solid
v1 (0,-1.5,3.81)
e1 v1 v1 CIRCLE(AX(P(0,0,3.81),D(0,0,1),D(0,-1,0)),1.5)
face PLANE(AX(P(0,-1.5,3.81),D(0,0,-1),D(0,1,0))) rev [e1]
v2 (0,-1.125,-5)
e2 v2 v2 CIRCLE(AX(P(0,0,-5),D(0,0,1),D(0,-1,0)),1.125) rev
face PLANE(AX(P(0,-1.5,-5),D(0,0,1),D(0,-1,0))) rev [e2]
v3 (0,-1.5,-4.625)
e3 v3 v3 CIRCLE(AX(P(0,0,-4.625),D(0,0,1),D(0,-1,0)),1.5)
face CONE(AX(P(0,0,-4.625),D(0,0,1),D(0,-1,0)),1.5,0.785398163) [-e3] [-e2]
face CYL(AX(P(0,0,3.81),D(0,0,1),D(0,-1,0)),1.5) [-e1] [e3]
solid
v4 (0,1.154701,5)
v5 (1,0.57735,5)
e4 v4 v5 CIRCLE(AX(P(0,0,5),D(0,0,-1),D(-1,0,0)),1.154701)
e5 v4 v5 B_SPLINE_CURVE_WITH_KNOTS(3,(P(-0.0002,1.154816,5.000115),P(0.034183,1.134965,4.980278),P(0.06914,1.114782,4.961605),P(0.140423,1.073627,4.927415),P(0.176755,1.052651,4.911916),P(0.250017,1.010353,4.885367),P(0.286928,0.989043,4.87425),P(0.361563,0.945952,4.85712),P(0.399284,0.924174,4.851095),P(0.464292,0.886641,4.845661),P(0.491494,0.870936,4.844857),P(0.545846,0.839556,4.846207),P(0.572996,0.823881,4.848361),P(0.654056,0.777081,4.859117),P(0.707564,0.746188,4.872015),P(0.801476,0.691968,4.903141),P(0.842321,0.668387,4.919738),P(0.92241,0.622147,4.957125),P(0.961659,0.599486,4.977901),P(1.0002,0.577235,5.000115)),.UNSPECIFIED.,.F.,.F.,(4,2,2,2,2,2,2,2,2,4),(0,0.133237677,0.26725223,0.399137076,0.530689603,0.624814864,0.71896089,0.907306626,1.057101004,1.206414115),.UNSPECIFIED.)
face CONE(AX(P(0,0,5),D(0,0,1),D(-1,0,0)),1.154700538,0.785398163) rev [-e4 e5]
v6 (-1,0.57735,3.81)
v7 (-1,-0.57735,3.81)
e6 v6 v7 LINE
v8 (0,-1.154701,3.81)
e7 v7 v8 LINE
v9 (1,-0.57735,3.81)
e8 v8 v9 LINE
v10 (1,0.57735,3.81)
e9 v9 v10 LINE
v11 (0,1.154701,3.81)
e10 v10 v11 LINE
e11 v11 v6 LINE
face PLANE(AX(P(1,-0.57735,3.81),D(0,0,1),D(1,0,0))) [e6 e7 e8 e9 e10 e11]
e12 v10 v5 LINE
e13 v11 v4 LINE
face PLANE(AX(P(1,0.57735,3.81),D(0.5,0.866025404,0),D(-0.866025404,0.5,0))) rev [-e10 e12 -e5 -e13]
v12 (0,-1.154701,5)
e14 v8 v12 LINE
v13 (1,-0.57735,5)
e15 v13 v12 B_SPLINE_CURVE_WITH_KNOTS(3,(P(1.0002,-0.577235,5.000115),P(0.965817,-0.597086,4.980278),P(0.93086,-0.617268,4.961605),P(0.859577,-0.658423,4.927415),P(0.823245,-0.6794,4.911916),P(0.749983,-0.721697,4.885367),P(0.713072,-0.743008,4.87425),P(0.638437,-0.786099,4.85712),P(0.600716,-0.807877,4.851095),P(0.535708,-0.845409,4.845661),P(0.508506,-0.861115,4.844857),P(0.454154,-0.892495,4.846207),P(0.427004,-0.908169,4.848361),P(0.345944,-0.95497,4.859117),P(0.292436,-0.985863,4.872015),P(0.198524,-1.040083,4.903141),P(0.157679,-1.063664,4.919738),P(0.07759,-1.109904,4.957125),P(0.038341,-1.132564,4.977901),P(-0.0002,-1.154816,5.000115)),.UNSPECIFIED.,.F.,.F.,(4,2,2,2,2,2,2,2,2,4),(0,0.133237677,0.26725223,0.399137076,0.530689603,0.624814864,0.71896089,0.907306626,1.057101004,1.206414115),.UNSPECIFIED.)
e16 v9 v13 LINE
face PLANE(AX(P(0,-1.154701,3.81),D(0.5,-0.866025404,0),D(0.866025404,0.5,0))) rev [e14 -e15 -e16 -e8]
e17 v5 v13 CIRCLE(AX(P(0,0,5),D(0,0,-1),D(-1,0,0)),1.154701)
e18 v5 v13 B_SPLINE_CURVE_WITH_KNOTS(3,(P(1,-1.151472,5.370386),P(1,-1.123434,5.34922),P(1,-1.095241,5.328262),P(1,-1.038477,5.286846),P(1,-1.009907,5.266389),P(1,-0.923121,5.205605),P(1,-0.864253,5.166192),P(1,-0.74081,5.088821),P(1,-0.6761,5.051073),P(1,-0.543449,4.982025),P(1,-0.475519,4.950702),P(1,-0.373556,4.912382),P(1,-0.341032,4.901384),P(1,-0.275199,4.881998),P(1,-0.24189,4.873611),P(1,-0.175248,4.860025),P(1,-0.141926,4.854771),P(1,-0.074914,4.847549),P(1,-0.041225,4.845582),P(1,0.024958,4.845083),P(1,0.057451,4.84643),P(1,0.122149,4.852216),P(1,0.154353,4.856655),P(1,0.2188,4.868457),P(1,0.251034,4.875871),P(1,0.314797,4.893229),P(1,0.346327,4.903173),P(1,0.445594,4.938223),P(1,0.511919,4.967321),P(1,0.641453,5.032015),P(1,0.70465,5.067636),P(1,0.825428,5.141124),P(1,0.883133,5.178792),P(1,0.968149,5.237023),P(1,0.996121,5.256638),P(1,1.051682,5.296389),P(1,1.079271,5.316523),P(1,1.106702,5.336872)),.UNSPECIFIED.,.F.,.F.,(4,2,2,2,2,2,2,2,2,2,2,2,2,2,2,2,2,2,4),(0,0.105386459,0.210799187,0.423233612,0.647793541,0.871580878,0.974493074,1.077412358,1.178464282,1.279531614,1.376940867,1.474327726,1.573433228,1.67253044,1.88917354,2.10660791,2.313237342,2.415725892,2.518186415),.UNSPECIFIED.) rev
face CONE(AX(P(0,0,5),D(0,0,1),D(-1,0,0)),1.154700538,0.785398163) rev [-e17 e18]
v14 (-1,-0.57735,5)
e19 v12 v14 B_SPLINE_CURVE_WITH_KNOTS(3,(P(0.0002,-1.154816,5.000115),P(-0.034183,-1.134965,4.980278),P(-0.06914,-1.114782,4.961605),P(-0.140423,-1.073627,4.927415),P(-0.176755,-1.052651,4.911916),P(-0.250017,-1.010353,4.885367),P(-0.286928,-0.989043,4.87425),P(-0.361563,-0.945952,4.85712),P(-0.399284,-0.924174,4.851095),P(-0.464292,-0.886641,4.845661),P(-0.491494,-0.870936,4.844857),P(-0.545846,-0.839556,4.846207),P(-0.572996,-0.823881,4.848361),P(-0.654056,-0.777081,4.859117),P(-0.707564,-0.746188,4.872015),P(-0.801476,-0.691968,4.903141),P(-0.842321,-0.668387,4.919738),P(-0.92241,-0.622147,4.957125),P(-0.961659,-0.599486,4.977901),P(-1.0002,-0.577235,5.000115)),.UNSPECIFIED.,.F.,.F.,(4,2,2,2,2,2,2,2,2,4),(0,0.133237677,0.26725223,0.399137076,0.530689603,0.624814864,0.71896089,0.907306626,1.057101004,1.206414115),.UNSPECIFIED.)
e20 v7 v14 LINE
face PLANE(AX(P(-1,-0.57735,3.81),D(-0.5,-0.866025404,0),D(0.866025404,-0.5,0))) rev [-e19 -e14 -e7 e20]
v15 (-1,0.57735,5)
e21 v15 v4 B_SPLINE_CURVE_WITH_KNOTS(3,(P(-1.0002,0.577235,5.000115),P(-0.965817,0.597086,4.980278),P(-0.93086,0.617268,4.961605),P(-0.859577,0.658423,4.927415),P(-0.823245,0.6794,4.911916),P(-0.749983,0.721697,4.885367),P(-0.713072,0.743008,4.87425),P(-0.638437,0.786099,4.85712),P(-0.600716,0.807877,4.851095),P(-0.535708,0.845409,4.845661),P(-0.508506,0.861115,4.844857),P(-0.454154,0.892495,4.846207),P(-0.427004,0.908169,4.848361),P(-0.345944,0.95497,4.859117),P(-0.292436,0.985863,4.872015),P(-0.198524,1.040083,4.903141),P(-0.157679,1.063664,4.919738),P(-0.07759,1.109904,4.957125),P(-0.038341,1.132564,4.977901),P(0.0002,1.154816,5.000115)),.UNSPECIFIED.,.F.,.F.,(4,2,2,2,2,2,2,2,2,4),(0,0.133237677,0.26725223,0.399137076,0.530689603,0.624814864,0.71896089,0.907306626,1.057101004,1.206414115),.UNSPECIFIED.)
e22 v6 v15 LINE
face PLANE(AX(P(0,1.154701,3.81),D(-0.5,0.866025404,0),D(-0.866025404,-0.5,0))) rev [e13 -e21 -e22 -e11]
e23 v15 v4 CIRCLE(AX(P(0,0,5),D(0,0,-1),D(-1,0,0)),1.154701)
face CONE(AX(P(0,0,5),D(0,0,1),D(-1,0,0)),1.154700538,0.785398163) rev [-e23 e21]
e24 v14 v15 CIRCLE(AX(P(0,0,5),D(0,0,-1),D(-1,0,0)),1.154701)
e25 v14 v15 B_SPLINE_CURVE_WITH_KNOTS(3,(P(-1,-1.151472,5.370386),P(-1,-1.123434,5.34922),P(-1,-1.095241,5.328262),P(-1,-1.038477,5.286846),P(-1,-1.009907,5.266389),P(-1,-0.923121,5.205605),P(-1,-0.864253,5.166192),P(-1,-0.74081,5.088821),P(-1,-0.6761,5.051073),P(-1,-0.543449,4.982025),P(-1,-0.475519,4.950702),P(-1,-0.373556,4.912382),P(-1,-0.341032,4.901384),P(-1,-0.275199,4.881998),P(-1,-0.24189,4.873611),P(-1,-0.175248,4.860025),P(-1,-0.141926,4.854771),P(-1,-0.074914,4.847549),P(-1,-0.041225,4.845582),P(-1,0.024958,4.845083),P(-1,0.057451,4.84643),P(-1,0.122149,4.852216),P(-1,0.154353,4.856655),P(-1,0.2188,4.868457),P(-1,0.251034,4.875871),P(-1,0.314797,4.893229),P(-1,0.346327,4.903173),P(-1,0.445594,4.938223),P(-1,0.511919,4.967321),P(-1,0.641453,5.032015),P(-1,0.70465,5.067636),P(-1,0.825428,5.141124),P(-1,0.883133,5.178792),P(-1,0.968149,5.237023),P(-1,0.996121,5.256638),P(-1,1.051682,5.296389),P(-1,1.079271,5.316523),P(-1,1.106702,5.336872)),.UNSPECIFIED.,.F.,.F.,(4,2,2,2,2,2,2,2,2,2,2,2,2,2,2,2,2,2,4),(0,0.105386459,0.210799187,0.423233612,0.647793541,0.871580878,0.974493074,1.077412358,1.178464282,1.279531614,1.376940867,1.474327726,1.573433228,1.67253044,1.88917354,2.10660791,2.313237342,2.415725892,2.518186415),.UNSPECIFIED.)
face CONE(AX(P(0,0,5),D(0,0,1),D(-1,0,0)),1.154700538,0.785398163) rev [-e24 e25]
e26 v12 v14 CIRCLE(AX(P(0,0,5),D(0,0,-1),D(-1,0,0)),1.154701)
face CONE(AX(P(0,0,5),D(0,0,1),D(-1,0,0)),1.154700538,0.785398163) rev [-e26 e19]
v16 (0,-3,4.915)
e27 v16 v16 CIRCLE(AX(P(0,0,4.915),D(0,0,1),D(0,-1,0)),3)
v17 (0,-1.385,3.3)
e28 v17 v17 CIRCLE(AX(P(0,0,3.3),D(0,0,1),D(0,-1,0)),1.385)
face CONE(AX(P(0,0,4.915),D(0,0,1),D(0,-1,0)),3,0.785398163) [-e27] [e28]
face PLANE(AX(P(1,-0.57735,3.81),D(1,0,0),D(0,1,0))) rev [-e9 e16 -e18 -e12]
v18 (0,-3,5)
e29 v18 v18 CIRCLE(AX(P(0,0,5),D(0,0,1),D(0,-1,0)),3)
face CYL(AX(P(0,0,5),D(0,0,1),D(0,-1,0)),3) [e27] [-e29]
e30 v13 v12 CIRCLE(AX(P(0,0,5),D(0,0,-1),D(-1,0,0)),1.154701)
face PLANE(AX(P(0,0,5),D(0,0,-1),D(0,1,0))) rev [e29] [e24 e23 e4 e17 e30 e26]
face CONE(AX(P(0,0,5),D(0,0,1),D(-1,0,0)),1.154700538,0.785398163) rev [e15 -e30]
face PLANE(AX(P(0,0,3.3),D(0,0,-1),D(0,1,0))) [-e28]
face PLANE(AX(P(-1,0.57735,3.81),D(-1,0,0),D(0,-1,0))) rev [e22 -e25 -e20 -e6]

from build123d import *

# Parameters (mm, degrees)
CHAMFER1_SIZE      = 0.375
CUT_EXTRUDE2_DEPTH = 1.19


with BuildPart() as part:
    # Sketch1 → Revolve1 (revolve)
    with BuildSketch(Plane(origin=(0, 0, 0), x_dir=(0, 0, -1), z_dir=(1, 0, 0))):
        Polygon((-3.3, 1.5), (5, 1.5), (5, 0), (-3.81, 0), (-3.81, 1.5), align=None)
    revolve(axis=Axis((0, 0, 3.81), (0, 0, -1)))

    # Chamfer1
    chamfer1_edges = [part.edges().sort_by_distance(p)[0] for p in [
        (0, -1.5, -5),
    ]]
    chamfer(chamfer1_edges, length=CHAMFER1_SIZE)


with BuildPart() as body_2:
    # Sketch7 → Revolve2 (revolve)
    with BuildSketch(Plane(origin=(0, 0, 0), x_dir=(0, 0, -1), z_dir=(1, 0, 0))):
        Polygon((-4.915, 3), (-5, 3), (-5, 0), (-3.3, 0), (-3.3, 1.385), align=None)
    revolve(axis=Axis((0, 0, 5), (0, 0, -1)))

    # Sketch5 → Cut-Extrude2 (cut)
    with BuildSketch(Plane.XY.offset(5)):
        Polygon((1, -0.577350269), (1, 0.577350269), (0, 1.154700538), (-1, 0.577350269), (-1, -0.577350269), (0, -1.154700538), align=None)
    extrude(amount=-CUT_EXTRUDE2_DEPTH, mode=Mode.SUBTRACT)

    # Cut-Extrude3 cone 1 section (through the dimple's axis) → Cut-Extrude3 (revolve, cut)
    with BuildSketch(Plane(origin=(0, 0, 5), x_dir=(0, -1, 0), z_dir=(1, 0, 0))):
        Polygon((0, 0), (1.154700538, 0), (0, 1.154700538), align=None)
    revolve(axis=Axis((0, 0, 5), (0, 0, -1)), mode=Mode.SUBTRACT)


solid = Compound([part.part, body_2.part])
